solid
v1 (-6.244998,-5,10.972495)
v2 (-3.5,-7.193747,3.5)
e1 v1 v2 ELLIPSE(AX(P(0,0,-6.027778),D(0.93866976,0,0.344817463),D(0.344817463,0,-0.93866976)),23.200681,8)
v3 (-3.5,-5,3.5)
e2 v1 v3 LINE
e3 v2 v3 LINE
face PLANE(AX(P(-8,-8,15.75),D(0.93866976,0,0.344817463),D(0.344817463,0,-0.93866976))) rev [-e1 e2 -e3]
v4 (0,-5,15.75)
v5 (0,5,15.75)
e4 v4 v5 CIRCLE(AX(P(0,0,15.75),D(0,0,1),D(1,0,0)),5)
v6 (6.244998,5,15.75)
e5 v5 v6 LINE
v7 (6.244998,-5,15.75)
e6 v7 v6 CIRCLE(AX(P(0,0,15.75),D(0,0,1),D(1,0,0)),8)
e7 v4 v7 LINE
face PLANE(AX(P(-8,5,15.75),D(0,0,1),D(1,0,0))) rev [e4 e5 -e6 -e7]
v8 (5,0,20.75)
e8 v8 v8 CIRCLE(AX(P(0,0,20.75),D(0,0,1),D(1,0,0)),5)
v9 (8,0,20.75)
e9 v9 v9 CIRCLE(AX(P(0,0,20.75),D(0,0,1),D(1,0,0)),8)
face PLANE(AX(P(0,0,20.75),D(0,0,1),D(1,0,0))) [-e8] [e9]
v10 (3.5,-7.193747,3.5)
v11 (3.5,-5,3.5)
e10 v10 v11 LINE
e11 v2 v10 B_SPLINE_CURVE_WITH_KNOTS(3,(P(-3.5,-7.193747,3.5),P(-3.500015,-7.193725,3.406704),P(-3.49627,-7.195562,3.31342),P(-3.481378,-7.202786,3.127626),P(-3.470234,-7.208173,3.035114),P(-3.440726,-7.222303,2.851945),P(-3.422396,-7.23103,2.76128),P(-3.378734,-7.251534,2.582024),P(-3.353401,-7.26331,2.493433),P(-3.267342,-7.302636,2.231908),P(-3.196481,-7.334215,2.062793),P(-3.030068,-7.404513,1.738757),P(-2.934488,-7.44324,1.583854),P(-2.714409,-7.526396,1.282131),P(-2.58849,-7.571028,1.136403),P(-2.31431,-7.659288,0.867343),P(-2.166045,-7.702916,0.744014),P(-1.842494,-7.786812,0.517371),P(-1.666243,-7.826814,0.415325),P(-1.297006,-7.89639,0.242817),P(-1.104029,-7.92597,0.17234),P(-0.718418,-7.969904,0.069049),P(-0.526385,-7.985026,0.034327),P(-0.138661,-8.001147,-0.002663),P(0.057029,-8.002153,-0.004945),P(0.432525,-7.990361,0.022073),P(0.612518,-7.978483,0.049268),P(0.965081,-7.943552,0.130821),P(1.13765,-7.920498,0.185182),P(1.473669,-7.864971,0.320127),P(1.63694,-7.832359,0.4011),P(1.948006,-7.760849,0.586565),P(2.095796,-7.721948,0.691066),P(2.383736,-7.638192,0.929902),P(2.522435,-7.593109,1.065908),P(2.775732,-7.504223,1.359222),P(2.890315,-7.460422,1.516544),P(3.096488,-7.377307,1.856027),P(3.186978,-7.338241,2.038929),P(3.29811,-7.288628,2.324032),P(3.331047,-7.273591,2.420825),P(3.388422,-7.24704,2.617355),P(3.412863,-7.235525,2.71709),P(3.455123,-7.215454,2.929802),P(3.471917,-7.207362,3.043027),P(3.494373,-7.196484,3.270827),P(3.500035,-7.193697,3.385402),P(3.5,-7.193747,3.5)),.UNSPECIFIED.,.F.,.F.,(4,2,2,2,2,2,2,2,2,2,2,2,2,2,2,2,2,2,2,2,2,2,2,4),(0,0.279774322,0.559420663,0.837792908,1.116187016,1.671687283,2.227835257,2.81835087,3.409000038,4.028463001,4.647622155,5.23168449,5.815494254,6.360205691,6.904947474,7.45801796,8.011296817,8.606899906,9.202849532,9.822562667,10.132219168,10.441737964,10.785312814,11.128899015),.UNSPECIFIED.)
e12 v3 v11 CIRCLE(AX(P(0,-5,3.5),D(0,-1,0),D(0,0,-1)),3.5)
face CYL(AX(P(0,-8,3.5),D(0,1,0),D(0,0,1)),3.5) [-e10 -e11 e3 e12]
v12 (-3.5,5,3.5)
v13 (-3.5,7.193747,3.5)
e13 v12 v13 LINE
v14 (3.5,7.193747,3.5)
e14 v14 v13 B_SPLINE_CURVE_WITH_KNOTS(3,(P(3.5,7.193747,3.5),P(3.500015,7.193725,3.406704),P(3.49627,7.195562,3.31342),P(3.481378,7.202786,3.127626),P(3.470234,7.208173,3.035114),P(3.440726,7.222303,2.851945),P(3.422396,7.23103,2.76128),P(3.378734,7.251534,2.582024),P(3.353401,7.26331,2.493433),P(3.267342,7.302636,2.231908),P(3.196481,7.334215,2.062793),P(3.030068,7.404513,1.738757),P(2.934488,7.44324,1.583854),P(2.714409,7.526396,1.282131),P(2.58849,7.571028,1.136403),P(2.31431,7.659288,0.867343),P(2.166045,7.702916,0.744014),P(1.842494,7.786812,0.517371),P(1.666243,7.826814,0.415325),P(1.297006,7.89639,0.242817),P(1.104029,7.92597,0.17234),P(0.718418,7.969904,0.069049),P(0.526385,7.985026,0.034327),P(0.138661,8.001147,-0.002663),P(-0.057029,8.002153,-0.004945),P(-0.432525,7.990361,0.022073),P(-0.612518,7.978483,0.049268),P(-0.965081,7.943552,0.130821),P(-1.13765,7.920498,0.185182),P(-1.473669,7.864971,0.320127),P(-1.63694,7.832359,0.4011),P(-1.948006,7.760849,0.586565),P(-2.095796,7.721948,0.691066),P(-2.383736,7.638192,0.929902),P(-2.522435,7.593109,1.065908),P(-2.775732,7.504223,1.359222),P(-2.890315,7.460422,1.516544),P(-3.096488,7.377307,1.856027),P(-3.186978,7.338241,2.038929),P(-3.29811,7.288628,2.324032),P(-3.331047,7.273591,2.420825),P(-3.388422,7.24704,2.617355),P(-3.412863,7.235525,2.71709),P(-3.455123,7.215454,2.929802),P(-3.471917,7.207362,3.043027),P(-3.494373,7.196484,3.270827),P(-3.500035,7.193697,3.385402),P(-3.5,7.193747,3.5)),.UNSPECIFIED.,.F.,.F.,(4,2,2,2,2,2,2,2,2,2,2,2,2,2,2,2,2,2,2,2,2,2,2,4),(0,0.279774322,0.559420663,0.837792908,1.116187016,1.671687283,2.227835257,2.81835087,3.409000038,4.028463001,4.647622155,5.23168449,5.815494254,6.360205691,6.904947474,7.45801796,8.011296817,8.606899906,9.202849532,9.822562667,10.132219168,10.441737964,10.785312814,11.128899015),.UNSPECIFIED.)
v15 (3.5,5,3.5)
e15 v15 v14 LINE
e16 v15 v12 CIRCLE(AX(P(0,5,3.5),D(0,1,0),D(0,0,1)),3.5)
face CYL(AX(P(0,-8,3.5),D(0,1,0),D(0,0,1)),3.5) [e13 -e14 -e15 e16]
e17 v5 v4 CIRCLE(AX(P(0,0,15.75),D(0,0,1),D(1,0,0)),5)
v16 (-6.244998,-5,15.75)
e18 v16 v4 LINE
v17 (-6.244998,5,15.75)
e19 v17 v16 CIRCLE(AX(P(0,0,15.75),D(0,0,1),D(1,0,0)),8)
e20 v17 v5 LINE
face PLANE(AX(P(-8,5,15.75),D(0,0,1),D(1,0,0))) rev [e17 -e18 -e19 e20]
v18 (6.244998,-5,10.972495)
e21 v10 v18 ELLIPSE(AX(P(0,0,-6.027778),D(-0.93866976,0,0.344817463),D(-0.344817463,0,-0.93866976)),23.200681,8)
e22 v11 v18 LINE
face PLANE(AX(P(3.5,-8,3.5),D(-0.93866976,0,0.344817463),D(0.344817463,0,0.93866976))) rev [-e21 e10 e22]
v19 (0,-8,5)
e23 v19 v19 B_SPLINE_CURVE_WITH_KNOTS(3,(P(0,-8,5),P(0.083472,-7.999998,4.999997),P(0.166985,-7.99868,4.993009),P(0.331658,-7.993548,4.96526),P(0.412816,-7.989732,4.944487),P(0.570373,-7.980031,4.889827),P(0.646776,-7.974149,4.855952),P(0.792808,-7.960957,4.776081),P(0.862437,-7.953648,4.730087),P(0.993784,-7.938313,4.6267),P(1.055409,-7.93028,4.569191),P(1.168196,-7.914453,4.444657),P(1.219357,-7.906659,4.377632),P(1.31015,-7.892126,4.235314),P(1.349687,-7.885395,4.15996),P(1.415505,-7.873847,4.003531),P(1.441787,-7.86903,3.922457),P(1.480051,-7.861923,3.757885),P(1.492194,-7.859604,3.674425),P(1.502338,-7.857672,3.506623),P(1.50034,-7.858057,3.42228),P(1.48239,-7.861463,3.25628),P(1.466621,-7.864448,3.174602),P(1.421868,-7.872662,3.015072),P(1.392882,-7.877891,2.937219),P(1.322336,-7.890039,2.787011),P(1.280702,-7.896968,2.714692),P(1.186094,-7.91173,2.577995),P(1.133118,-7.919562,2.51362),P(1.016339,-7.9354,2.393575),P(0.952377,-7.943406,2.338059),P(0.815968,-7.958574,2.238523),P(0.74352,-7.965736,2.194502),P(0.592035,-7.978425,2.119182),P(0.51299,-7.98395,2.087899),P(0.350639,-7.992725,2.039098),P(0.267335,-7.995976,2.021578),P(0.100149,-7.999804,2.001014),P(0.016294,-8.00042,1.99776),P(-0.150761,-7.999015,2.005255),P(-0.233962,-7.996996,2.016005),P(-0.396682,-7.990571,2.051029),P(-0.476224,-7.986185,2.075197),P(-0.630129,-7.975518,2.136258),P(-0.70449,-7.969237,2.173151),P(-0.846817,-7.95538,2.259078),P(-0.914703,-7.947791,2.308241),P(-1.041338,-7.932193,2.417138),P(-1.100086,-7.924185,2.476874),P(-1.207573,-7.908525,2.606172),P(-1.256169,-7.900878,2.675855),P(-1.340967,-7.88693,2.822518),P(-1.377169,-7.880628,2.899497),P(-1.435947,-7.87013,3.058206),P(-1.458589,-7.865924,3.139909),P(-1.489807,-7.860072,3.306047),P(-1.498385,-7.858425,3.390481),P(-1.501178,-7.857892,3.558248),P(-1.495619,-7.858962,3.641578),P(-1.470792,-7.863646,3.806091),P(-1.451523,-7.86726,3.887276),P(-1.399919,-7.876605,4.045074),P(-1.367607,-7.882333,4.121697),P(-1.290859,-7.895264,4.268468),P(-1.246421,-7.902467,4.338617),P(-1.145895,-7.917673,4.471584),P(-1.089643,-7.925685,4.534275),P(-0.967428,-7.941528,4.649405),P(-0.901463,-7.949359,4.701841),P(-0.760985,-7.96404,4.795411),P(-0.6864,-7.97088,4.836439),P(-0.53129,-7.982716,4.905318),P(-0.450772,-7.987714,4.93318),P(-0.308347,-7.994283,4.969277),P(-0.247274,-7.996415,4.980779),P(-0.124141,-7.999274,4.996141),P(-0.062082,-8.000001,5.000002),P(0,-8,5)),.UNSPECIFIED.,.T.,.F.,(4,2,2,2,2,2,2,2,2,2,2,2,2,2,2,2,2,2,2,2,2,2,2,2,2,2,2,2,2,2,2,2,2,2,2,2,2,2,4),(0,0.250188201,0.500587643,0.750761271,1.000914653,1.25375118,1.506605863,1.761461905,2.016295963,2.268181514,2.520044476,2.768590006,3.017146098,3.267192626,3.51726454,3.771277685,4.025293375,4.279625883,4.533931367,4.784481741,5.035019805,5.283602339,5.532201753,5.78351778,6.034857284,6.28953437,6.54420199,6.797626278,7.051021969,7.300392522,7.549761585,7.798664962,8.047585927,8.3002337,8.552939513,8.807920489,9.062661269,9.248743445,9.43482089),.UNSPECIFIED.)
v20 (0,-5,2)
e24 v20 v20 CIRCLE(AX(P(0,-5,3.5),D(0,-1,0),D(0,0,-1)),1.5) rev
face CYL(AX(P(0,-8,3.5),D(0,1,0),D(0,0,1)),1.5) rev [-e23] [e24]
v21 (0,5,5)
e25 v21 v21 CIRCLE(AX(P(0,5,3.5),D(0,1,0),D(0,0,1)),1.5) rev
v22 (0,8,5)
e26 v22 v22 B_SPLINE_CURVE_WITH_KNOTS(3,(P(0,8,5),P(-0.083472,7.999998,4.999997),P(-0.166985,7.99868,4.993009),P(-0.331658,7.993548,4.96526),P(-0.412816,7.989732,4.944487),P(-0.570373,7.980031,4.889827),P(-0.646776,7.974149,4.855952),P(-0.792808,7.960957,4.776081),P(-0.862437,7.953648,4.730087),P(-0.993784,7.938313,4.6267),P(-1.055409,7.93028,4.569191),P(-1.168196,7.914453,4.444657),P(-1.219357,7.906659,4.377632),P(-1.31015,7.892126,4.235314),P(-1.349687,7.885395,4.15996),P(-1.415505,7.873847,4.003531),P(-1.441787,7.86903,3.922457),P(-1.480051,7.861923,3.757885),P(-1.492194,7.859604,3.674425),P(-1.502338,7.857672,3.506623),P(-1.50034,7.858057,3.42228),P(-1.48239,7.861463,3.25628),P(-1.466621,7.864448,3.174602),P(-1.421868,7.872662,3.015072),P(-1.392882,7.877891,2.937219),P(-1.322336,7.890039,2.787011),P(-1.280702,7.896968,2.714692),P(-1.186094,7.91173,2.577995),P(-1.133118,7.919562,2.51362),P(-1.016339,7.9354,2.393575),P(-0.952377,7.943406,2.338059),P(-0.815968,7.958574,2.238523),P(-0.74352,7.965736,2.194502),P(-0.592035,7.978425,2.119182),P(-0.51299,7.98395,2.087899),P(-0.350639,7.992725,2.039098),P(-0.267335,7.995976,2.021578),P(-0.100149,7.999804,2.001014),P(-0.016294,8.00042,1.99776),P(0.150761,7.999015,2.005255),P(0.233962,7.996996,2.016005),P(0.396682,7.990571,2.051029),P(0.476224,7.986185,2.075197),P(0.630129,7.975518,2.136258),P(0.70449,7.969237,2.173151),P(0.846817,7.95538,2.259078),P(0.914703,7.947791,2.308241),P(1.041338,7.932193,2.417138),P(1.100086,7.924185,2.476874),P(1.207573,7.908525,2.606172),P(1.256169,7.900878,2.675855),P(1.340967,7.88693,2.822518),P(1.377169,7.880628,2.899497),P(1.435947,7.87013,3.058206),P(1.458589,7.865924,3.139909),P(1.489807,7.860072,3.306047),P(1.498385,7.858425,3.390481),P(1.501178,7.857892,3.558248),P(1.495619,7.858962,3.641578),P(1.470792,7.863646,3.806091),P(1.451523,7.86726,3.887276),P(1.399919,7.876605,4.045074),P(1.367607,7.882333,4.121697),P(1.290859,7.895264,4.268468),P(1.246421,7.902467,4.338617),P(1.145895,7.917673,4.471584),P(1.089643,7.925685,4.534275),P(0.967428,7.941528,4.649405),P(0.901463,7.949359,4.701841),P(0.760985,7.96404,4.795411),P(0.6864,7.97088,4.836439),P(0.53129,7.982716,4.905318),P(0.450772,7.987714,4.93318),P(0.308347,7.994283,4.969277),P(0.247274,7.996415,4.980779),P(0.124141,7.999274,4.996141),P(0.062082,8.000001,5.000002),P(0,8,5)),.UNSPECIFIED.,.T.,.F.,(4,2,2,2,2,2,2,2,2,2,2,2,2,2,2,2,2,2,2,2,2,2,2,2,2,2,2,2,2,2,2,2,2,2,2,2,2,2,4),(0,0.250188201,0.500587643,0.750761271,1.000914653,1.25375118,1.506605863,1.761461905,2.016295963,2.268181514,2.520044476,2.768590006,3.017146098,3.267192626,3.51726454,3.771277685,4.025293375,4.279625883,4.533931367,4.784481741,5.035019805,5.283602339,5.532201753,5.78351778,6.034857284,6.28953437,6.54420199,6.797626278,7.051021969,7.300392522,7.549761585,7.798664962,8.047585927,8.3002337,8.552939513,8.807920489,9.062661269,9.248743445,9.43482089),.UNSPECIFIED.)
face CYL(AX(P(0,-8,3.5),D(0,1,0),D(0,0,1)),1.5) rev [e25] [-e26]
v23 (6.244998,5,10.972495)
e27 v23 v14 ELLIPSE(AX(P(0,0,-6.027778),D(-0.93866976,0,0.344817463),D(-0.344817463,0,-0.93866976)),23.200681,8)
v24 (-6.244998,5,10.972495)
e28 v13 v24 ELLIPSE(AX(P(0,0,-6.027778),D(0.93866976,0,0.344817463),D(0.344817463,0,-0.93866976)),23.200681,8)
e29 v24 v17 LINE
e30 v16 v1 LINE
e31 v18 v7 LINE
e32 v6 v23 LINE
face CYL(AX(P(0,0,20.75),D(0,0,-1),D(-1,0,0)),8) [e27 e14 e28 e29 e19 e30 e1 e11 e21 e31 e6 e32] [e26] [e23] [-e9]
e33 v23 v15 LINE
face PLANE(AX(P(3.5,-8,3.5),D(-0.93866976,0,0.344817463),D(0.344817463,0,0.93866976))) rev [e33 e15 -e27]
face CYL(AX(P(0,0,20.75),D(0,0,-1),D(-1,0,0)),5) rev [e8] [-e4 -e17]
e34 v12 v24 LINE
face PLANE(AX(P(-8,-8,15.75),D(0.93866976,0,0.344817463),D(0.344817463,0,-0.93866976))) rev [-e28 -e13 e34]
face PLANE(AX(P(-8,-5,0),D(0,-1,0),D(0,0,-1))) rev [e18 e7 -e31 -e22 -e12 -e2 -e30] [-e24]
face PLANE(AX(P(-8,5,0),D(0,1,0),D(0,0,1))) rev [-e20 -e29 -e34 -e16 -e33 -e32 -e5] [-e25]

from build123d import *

# Parameters (mm, degrees)
SKETCH1_R               = 8
SKETCH1_R_2             = 5
BOSS_EXTRUDE1_DEPTH     = 20.75
SKETCH2_R               = 1.5
CUT_EXTRUDE1_DEPTH      = 9
CUT_EXTRUDE1_DEPTH_BACK = 9
SKETCH4_W               = 15.75
SKETCH4_H               = 10
CUT_EXTRUDE2_DEPTH      = 9.0000001
CUT_EXTRUDE2_DEPTH_BACK = 9.0000001


with BuildPart() as part:
    # Sketch1 → Boss-Extrude1 (new body)
    with BuildSketch(Plane.XY):
        Circle(SKETCH1_R)
        Circle(SKETCH1_R_2, mode=Mode.SUBTRACT)
    extrude(amount=BOSS_EXTRUDE1_DEPTH)

    # Sketch2 → Cut-Extrude1 (cut, two sides)
    with BuildSketch(Plane(origin=(0, 0, 0), x_dir=(1, 0, 0), z_dir=(0, 1, 0))) as cut_extrude1_sk:
        with Locations((0, -3.5)):
            Circle(SKETCH2_R)
        with BuildLine():
            Line((-8, -15.75), (-8, 2.25))
            Line((-8, 2.25), (8, 2.25))
            Line((8, 2.25), (8, -15.75))
            Line((8, -15.75), (3.5, -3.5))
            ThreePointArc((3.5, -3.5), (0, 0), (-3.5, -3.5))
            Line((-3.5, -3.5), (-8, -15.75))
        make_face()
    extrude(amount=CUT_EXTRUDE1_DEPTH, mode=Mode.SUBTRACT)
    extrude(cut_extrude1_sk.sketch, amount=-CUT_EXTRUDE1_DEPTH_BACK, mode=Mode.SUBTRACT)

    # Sketch4 → Cut-Extrude2 (cut, two sides)
    with BuildSketch(Plane(origin=(0, 0, 0), x_dir=(0, 0, -1), z_dir=(1, 0, 0))) as cut_extrude2_sk:
        with Locations((-7.875, 0)):
            Rectangle(SKETCH4_W, SKETCH4_H)
    extrude(amount=CUT_EXTRUDE2_DEPTH, mode=Mode.SUBTRACT)
    extrude(cut_extrude2_sk.sketch, amount=-CUT_EXTRUDE2_DEPTH_BACK, mode=Mode.SUBTRACT)


solid = part.part
